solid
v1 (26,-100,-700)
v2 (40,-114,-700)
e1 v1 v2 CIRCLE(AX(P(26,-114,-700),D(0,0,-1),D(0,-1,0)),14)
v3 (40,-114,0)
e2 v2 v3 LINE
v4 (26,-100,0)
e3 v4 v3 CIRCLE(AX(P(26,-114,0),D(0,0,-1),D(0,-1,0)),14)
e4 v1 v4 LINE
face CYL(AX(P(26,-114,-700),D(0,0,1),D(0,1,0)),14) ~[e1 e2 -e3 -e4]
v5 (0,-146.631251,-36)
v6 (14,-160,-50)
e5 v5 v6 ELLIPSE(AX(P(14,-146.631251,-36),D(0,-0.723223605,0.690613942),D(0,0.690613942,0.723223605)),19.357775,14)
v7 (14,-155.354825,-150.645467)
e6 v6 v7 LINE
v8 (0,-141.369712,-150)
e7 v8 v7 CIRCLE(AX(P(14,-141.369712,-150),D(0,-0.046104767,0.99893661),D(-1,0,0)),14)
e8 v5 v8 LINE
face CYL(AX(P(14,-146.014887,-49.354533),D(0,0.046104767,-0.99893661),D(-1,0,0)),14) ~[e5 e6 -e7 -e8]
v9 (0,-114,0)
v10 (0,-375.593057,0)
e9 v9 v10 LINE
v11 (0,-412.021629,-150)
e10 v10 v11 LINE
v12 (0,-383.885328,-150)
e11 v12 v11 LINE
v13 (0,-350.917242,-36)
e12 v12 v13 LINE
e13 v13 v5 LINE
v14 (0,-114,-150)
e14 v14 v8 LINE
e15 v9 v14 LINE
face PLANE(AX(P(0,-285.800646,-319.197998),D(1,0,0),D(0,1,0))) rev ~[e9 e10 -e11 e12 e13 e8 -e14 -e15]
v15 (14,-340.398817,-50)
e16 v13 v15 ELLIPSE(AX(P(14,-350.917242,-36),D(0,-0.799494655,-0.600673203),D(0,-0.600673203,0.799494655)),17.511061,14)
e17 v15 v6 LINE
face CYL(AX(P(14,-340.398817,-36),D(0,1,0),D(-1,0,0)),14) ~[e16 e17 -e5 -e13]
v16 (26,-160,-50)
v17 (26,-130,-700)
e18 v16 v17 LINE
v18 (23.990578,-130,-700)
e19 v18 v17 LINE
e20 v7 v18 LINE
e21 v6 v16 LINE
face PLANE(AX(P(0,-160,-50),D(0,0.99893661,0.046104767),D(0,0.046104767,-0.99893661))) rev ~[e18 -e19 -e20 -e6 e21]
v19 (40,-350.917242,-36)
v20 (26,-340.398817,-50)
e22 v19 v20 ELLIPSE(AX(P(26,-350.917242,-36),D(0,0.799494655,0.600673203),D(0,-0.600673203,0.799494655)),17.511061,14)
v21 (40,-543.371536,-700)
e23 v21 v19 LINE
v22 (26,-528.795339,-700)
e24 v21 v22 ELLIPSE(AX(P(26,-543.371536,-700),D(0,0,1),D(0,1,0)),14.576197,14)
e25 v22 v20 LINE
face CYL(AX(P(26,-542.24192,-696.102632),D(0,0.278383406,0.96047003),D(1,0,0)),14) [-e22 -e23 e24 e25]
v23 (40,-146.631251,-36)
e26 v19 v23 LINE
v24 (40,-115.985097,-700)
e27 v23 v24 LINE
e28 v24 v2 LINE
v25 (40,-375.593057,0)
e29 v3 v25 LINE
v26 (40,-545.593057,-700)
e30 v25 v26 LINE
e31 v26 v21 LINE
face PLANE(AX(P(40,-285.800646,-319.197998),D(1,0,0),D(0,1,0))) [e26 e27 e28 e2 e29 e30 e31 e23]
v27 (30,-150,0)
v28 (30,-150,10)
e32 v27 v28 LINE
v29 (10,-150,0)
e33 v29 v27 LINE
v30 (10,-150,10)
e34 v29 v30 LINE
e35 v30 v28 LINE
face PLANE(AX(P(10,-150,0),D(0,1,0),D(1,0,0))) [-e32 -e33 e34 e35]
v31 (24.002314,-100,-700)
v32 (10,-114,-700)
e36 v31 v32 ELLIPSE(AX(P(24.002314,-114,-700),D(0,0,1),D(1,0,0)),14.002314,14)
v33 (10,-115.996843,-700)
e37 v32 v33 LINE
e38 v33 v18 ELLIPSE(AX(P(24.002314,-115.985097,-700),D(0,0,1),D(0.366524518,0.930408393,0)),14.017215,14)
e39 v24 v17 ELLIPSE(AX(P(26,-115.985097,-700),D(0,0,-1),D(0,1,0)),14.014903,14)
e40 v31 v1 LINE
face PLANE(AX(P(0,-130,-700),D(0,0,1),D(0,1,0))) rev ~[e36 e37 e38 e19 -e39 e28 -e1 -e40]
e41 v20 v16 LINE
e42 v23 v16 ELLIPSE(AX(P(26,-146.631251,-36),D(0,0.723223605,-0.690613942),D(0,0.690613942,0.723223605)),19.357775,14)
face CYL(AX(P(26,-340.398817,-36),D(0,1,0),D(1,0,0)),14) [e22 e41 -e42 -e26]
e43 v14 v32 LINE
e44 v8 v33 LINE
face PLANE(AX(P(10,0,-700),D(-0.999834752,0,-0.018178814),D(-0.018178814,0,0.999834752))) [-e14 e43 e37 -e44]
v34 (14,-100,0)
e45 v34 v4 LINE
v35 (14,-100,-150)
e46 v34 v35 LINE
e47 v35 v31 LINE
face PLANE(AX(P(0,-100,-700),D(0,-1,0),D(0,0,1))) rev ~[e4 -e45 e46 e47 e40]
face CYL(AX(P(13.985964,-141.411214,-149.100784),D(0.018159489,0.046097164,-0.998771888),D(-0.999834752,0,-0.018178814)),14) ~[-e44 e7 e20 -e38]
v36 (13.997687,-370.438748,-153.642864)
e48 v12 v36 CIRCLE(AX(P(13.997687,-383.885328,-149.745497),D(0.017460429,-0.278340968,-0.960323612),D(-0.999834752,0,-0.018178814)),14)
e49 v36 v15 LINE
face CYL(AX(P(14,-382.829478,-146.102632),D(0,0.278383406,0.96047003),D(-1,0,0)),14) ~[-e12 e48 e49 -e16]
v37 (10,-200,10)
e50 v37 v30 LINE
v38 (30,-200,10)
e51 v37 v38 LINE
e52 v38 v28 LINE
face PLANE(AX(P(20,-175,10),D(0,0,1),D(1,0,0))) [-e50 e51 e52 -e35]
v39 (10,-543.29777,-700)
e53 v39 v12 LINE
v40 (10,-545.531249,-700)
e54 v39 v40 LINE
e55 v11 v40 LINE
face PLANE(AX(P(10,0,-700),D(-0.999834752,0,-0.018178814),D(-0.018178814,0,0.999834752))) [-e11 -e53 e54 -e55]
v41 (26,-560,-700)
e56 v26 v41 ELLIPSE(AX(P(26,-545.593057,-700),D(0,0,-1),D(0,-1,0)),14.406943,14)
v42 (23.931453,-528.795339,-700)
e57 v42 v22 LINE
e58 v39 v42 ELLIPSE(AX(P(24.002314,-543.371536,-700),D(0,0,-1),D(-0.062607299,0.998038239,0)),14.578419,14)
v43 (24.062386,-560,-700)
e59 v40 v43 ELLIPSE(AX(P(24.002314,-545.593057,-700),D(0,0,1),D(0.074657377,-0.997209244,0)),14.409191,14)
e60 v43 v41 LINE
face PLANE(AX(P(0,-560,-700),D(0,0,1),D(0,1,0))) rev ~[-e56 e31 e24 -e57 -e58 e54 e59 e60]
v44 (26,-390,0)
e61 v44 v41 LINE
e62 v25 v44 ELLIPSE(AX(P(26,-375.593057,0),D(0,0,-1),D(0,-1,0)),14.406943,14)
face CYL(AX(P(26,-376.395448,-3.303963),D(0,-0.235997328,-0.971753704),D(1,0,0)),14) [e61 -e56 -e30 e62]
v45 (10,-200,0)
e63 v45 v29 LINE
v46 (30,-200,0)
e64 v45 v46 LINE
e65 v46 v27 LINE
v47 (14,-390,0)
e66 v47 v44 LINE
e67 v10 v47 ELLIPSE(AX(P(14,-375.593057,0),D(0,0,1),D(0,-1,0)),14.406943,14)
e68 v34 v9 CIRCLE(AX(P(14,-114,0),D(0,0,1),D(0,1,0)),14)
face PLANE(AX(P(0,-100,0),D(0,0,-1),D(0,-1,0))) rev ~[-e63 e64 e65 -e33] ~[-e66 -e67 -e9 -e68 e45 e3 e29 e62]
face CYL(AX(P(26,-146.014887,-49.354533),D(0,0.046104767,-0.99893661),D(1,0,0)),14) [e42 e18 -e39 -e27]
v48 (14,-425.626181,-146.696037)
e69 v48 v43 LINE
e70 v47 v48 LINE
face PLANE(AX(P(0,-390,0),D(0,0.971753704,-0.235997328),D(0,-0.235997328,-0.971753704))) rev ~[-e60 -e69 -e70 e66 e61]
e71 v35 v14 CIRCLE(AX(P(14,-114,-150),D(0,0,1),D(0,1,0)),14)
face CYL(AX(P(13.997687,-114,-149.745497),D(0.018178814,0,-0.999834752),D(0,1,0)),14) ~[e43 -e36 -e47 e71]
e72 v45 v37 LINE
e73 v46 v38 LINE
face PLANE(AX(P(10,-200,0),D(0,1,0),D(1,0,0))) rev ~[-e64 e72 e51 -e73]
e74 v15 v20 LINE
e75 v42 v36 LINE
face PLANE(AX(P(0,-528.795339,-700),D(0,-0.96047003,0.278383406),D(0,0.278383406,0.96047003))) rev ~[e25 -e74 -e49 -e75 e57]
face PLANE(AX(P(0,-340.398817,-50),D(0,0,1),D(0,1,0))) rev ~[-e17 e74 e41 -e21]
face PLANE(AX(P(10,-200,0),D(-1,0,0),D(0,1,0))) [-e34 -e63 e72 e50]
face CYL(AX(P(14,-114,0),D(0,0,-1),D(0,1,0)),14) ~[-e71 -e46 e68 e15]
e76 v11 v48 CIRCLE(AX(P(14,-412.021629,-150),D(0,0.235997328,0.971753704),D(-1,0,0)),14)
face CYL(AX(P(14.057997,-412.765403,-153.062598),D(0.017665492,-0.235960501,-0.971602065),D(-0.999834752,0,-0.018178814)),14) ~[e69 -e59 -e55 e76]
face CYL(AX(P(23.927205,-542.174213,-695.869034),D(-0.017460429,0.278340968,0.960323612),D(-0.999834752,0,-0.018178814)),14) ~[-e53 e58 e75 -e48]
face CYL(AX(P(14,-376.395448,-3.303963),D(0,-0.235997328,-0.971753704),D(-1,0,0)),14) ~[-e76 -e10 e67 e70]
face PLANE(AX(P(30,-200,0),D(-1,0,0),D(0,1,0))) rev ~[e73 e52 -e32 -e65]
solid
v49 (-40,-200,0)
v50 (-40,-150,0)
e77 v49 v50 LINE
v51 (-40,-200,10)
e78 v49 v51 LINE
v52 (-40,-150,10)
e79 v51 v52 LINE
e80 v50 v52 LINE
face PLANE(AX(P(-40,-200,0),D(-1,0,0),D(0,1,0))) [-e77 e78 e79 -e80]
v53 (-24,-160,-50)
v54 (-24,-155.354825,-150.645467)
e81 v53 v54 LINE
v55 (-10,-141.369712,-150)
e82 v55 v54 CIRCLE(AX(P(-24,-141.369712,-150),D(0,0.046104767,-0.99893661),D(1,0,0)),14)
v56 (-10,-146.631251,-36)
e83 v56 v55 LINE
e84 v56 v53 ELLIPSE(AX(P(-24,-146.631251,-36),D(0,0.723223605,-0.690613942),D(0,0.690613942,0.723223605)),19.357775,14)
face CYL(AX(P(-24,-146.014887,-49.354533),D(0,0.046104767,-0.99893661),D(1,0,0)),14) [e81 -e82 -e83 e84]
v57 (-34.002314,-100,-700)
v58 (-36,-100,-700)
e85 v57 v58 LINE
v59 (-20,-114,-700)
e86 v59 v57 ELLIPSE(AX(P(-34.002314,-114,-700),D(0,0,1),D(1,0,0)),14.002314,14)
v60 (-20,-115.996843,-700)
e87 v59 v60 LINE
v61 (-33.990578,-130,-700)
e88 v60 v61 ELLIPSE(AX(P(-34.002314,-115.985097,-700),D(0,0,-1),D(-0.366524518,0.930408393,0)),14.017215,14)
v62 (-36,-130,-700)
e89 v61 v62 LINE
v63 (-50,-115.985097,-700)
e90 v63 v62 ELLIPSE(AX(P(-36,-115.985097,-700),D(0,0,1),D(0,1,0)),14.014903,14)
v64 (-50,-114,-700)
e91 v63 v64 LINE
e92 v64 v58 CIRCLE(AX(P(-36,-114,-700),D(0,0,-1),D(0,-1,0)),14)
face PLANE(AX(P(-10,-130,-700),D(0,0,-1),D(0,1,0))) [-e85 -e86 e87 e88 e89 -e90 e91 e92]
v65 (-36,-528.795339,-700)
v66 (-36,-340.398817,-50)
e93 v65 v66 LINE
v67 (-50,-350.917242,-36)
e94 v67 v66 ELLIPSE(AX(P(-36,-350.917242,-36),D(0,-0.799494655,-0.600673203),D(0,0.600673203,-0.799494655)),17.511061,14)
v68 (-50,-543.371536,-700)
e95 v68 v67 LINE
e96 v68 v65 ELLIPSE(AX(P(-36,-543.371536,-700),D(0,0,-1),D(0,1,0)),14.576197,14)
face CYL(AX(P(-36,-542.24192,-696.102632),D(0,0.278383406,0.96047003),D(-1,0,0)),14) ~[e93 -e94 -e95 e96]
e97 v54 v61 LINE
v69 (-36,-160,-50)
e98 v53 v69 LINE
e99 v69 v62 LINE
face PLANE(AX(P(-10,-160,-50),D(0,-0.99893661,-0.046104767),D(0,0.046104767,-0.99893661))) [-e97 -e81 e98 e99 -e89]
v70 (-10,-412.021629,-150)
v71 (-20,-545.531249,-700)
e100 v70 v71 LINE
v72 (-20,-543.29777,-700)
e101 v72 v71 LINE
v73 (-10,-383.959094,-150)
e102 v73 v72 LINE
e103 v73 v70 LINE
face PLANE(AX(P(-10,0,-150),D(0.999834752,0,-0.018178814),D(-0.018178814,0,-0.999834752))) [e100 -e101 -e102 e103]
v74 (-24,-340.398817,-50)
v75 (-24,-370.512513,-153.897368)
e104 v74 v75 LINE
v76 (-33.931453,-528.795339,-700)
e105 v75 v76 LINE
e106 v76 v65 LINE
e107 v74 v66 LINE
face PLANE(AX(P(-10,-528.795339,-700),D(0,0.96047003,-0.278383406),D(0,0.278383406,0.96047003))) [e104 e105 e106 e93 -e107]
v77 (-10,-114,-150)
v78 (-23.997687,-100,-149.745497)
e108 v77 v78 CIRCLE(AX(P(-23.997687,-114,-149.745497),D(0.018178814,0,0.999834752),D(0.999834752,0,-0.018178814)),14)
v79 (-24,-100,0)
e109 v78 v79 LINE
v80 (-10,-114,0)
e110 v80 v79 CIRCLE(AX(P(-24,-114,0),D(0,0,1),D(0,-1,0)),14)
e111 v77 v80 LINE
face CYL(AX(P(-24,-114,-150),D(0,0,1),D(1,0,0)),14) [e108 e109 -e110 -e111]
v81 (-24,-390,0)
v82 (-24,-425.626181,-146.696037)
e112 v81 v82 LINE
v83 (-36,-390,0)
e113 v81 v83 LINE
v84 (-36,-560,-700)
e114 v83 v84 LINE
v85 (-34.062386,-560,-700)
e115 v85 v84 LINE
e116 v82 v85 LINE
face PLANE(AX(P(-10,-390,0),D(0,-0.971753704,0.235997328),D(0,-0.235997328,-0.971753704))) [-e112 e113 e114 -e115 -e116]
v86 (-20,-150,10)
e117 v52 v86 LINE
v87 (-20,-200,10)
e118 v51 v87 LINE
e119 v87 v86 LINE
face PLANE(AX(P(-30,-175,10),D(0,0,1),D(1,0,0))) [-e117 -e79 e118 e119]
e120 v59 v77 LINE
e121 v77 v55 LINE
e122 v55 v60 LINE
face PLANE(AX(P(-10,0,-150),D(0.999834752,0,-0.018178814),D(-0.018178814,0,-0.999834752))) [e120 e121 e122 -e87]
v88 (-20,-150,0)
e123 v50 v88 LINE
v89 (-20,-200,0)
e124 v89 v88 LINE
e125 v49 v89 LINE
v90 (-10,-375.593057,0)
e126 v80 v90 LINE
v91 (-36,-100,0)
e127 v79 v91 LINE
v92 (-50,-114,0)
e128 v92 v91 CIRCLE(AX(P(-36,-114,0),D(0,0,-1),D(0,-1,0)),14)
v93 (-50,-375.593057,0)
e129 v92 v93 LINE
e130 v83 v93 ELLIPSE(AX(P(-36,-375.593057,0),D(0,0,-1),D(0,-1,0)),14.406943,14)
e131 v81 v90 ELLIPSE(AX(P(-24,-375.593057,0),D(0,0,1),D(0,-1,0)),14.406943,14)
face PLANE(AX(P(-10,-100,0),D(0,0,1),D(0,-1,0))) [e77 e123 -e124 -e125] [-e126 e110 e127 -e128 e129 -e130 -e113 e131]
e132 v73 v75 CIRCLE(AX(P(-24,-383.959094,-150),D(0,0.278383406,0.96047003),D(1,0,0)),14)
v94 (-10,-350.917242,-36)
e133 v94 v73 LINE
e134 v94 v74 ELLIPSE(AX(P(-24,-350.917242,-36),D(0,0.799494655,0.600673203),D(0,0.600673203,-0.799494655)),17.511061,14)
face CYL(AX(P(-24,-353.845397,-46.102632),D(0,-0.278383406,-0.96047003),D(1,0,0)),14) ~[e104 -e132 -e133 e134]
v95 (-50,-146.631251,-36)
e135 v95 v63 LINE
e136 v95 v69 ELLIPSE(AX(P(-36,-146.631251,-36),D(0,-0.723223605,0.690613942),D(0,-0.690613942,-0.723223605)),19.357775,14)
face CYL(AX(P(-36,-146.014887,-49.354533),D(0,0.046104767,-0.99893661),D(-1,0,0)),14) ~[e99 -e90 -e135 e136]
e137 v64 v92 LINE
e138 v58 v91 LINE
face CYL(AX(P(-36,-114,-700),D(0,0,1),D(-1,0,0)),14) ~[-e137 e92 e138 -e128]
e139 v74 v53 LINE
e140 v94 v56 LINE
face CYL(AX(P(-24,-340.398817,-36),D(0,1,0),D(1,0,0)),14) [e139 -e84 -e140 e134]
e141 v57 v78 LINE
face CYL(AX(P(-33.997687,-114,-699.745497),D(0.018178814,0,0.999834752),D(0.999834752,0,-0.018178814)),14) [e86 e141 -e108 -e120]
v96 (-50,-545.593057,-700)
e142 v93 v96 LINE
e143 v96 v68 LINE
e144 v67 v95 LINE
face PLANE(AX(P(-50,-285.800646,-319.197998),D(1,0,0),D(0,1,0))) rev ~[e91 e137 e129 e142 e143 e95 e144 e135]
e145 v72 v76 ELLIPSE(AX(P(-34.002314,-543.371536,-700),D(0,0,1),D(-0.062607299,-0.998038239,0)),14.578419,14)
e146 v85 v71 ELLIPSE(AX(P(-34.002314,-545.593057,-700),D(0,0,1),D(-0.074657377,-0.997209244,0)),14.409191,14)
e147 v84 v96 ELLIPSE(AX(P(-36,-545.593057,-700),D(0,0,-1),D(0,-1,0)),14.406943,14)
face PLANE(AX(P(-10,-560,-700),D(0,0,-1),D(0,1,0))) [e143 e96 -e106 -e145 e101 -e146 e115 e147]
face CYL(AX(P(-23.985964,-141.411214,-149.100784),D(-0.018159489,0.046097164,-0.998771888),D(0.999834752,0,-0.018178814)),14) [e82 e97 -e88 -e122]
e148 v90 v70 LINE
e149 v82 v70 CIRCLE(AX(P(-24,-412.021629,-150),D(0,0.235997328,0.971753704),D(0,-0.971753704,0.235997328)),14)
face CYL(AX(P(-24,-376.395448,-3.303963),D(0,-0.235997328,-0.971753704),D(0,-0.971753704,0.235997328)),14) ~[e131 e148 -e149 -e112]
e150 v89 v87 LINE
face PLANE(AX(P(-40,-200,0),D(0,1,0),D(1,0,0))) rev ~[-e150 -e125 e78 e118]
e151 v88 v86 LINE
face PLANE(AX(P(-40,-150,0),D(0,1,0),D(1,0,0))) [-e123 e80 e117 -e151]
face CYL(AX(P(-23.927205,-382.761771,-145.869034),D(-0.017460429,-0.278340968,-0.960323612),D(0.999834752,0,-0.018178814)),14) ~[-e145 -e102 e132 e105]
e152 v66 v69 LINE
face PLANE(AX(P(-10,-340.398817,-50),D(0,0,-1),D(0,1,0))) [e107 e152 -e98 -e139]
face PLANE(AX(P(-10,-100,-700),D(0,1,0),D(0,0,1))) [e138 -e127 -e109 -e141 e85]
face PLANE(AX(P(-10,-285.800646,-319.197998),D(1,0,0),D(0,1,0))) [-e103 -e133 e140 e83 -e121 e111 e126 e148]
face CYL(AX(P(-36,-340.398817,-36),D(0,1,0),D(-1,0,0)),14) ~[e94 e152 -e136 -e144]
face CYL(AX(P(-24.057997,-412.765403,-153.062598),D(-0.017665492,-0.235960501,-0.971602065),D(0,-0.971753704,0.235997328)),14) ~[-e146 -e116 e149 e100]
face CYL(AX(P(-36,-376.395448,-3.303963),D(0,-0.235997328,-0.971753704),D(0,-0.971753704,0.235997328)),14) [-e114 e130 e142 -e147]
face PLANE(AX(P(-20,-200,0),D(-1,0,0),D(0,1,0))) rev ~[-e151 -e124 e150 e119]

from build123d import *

# Parameters (mm, degrees)
F2_DEPTH  = 40
F3_W      = 20
F3_H      = 50
F4_DEPTH  = 10
F7_DEPTH  = 40
F8_W      = 20
F8_H      = 50
F9_DEPTH  = 10
F11_DEPTH = 560.001
F13_DEPTH = 560.001
F14_R     = 14
F14_2_R   = 14


with BuildPart() as f2:
    # F1 (on Right) → F2 (new body)
    with BuildSketch(Plane.YZ):
        Polygon((-100, 0), (-390, 0), (-560, -700), (-528.7953392229, -700), (-340.3988166967, -50), (-160, -50), (-130, -700), (-120, -700), (-100, -700), align=None)
    extrude(amount=F2_DEPTH)

    # F3 (on Top) → F4 (join)
    with BuildSketch(Plane.XY):
        with Locations((20, -175)):
            Rectangle(F3_W, F3_H)
    extrude(amount=F4_DEPTH)


with BuildPart() as f7:
    # F6 (on offset) → F7 (new body)
    with BuildSketch(Plane.YZ.offset(-10)):
        Polygon((-390, 0), (-560, -700), (-545.5930572292, -700), (-543.3715358309, -700), (-528.7953392229, -700), (-340.3988166967, -50), (-160, -50), (-130, -700), (-115.9850966898, -700), (-114, -700), (-100, -700), (-100, 0), align=None)
    extrude(amount=-F7_DEPTH)

    # F8 (on Top) → F9 (join)
    with BuildSketch(Plane.XY):
        with Locations((-30, -175)):
            Rectangle(F8_W, F8_H)
    extrude(amount=F9_DEPTH)


with BuildPart() as f11_tool:
    # F10 (on Front) → F11 (new body, through all)
    with BuildSketch(Plane.XZ):
        Polygon((0, -700), (10, -700), (0, -150), align=None)
        Polygon((-10, -150), (-20, -700), (-10, -700), align=None)
    extrude(amount=F11_DEPTH)


with BuildPart() as f2_1:
    add(f2.part)

    # F11: cut by f11_tool
    add(f11_tool.part, mode=Mode.SUBTRACT)

    # F12 (on Front) → F13 (cut, through all)
    with BuildSketch(Plane.XZ):
        Polygon((0, -150), (0, -700), (10, -700), align=None)
    extrude(amount=F13_DEPTH, mode=Mode.SUBTRACT)

    # F14
    f14_edges = [f2_1.edges().sort_by_distance(p)[0] for p in [
        (40, -434.597078, -375),
        (40, -250.199408, -50),
        (40, -145, -375),
        (40, -475, -350),
        (40, -100, -350),
        (5, -100, -425),
        (0, -100, -75),
        (0, -354.890857, -100),
        (5, -449.089118, -425),
        (0, -250.199408, -50),
        (0, -157.692308, -100),
        (5, -142.692308, -425),
        (0, -408.214286, -75),
        (5, -493.214286, -425),
    ]]
    fillet(f14_edges, radius=F14_R)


with BuildPart() as f7_1:
    add(f7.part)

    # F11: cut by f11_tool
    add(f11_tool.part, mode=Mode.SUBTRACT)

    # F14#2
    f14_2_edges = [f7_1.edges().sort_by_distance(p)[0] for p in [
        (-15, -449.089118, -425),
        (-10, -354.890857, -100),
        (-10, -250.199408, -50),
        (-10, -100, -75),
        (-15, -100, -425),
        (-50, -100, -350),
        (-50, -145, -375),
        (-50, -250.199408, -50),
        (-50, -434.597078, -375),
        (-10, -157.692308, -100),
        (-15, -142.692308, -425),
        (-10, -408.214286, -75),
        (-15, -493.214286, -425),
        (-50, -475, -350),
    ]]
    fillet(f14_2_edges, radius=F14_2_R)


solid = Compound([f2_1.part, f7_1.part])
